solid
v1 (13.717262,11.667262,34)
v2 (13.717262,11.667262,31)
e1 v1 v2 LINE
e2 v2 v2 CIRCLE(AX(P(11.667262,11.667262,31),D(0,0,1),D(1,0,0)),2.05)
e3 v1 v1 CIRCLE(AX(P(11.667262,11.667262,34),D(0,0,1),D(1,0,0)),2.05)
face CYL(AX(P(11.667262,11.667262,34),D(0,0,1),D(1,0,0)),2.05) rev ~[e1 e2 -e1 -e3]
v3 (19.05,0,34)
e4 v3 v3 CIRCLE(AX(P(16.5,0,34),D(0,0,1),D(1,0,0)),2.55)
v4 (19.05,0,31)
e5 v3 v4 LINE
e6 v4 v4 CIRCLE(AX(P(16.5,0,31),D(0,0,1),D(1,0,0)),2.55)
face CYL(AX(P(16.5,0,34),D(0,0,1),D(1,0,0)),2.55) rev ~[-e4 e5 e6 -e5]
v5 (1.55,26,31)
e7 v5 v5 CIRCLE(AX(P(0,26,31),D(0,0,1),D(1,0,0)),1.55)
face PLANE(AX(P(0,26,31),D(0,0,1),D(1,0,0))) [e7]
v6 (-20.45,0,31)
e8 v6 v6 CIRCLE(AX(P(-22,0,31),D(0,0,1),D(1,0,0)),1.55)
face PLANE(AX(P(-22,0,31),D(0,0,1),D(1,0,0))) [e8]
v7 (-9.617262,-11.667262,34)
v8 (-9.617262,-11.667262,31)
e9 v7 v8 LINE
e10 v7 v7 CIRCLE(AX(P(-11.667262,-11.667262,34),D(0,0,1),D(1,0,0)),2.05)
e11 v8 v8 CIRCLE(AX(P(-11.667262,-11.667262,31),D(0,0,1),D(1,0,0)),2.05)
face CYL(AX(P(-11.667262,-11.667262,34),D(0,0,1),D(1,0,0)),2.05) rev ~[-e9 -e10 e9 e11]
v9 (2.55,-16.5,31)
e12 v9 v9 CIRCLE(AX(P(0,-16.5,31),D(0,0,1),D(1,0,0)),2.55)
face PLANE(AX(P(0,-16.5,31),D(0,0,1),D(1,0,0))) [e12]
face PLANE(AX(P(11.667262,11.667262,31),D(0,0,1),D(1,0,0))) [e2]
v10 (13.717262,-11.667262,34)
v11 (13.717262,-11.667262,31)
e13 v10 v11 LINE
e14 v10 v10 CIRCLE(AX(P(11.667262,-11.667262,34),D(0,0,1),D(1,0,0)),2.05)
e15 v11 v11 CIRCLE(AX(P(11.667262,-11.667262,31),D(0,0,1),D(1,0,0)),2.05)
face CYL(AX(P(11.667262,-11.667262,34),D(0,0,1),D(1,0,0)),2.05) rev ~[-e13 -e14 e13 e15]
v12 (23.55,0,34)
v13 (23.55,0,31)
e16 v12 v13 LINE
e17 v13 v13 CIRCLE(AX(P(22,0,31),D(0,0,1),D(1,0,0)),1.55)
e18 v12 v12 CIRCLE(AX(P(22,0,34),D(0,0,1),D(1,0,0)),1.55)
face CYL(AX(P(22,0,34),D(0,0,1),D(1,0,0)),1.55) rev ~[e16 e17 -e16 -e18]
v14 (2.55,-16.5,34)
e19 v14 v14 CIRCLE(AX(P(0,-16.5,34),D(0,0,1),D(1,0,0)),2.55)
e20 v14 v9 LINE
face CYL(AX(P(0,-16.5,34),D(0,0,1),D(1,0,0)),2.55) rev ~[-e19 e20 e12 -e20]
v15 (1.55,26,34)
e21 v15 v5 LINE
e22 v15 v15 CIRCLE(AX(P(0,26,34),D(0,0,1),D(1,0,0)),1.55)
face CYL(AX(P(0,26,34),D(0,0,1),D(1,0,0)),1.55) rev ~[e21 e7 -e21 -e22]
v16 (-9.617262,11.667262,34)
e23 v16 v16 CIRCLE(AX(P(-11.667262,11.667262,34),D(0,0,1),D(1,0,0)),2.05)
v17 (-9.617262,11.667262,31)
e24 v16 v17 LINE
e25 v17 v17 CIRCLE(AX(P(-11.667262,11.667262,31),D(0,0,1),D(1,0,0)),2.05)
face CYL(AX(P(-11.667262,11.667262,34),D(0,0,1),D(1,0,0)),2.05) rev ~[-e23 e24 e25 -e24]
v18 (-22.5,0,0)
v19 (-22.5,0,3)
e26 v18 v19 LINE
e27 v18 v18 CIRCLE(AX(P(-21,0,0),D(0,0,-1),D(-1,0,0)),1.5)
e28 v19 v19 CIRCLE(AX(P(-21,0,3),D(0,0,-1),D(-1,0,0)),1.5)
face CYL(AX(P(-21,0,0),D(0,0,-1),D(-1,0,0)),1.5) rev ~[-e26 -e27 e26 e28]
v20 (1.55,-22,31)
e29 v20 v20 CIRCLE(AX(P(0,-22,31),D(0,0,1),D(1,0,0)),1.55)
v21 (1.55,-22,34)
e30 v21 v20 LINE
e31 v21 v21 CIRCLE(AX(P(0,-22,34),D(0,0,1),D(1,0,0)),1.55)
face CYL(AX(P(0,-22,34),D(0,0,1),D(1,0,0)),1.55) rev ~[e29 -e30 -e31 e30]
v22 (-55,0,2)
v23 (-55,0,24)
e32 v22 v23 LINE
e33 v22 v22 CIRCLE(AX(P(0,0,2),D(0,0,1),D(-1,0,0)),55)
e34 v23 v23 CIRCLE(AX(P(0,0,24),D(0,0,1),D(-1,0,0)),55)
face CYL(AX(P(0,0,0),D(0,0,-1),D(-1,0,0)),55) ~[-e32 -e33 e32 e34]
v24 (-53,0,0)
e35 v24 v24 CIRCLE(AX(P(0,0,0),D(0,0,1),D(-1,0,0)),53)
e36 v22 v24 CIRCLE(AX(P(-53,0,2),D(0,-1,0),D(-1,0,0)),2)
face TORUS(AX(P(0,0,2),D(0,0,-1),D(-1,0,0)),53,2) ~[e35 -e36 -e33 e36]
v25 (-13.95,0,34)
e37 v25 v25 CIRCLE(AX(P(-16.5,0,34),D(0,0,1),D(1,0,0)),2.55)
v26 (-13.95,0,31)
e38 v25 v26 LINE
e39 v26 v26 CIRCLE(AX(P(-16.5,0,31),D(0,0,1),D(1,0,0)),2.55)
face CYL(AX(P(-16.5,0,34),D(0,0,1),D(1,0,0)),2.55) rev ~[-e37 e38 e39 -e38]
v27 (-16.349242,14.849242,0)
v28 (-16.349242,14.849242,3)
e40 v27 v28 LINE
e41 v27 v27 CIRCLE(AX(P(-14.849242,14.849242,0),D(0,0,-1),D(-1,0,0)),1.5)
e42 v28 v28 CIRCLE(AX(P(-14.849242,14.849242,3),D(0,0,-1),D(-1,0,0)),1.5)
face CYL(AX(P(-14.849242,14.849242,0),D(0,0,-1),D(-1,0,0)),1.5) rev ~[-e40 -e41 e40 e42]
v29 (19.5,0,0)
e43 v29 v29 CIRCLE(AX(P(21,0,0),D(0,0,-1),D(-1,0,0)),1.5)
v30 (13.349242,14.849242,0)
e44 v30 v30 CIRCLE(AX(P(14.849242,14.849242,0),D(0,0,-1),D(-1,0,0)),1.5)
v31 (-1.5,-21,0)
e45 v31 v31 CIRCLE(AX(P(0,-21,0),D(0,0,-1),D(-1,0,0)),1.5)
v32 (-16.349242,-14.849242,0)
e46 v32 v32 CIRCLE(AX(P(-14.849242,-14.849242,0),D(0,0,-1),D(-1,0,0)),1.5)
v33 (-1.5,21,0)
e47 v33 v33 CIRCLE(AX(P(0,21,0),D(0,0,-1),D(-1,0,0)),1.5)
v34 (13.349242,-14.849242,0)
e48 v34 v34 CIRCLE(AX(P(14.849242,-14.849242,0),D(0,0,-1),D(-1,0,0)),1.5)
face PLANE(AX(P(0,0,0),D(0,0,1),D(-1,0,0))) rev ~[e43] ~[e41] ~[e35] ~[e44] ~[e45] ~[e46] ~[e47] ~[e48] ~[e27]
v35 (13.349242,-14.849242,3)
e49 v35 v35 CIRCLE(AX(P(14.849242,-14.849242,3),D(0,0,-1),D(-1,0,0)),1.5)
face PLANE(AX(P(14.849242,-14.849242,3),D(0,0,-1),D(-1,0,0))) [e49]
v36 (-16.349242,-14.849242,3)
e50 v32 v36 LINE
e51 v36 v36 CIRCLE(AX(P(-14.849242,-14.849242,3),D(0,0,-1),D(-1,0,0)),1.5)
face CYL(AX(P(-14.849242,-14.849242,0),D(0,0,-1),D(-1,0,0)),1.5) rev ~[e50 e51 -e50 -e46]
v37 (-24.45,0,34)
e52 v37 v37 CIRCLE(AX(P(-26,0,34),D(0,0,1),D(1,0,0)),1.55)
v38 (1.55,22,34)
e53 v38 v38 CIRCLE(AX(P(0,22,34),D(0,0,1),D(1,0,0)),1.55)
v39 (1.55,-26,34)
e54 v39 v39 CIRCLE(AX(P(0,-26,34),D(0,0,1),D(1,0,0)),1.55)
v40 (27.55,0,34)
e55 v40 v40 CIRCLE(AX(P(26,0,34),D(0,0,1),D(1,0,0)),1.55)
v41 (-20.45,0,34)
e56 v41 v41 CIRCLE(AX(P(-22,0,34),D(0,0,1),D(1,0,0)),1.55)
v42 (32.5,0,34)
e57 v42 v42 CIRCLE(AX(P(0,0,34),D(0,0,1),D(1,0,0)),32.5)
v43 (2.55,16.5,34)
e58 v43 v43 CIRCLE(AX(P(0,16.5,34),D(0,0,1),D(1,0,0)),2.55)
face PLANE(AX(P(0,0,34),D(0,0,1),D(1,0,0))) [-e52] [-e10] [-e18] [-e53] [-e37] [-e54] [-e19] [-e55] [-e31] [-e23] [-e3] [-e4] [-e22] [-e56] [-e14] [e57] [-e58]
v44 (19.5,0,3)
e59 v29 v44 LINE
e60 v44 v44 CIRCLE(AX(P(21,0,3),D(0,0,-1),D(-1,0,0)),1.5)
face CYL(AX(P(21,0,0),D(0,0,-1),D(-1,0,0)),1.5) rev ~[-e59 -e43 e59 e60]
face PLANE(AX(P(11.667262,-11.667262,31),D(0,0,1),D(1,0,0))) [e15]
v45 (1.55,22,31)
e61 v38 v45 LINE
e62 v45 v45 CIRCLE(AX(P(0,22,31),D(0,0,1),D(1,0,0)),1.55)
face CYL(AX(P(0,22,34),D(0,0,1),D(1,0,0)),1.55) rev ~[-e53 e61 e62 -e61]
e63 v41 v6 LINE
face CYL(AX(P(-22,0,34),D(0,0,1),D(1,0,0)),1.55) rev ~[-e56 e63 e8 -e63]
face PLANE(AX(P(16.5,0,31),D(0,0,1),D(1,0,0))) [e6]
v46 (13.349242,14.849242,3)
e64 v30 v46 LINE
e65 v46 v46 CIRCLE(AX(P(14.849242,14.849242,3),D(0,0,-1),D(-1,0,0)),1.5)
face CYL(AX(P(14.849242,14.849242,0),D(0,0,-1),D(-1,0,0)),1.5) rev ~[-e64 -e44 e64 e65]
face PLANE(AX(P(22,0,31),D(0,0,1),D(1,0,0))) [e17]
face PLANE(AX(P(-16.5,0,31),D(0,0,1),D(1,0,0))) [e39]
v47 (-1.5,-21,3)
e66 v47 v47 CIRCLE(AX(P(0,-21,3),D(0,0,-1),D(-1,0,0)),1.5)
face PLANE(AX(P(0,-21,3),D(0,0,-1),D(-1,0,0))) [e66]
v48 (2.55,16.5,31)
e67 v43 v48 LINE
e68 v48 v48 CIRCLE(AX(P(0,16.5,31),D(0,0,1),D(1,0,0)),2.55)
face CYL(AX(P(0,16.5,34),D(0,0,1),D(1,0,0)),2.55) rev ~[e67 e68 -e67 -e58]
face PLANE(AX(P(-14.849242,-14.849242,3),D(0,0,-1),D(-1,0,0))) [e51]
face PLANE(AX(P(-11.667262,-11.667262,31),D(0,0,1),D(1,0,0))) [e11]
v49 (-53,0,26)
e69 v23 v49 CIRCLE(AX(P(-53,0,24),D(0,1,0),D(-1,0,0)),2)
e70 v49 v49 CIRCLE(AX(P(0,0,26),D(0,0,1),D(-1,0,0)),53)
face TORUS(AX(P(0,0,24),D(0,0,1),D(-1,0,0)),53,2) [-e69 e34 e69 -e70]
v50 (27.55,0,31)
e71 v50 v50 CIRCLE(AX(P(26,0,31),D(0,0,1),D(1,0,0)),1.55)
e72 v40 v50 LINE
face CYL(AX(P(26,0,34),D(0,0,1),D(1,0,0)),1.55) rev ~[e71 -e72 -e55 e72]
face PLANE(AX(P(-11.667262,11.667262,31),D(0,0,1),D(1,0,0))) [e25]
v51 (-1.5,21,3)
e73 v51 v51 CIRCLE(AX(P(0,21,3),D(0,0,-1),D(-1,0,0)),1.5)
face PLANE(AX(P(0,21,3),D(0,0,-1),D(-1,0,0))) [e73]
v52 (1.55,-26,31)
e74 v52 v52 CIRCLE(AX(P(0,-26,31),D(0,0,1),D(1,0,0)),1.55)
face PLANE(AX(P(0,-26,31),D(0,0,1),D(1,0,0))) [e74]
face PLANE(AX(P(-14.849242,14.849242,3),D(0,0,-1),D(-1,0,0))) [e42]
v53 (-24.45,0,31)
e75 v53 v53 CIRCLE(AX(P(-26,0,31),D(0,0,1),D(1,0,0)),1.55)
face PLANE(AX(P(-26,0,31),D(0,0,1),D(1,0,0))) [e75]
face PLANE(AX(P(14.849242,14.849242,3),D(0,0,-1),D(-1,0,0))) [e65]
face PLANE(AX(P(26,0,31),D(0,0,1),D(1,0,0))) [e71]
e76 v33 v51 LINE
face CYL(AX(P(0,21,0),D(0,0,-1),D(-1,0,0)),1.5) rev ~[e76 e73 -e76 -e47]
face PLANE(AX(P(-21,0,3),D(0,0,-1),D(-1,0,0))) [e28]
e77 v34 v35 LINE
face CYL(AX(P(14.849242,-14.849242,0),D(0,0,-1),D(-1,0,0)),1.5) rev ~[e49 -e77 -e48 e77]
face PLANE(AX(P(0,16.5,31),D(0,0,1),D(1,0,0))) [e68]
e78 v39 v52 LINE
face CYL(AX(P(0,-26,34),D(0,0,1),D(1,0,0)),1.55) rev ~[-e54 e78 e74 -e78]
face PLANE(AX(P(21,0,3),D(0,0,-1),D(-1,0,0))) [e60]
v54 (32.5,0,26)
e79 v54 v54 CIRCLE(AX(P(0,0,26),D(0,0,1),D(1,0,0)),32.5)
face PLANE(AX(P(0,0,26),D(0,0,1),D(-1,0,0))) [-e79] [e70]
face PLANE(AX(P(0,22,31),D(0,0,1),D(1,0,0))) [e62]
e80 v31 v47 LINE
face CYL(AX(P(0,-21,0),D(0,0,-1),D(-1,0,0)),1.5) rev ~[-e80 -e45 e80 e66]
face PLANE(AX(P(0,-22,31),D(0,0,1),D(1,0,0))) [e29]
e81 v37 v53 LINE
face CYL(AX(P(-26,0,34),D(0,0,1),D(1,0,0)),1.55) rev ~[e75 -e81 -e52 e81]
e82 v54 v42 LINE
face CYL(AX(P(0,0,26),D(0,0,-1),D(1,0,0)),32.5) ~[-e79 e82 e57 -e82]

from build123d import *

# Parameters (mm, degrees)
SKETCH1_R           = 55
BOSS_EXTRUDE1_DEPTH = 26
SKETCH2_R           = 1.5
CUT_EXTRUDE1_DEPTH  = 3
SKETCH3_R           = 32.5
BOSS_EXTRUDE2_DEPTH = 8
SKETCH4_R           = 2.55
SKETCH4_R_2         = 1.55
SKETCH4_R_3         = 2.05
CUT_EXTRUDE2_DEPTH  = 3
FILLET1_R           = 2


with BuildPart() as part:
    # Sketch1 → Boss-Extrude1 (new body)
    with BuildSketch(Plane.XY):
        with Locations(Location((0, 0, 0), (0, 0, 180))):
            Circle(SKETCH1_R)
    extrude(amount=BOSS_EXTRUDE1_DEPTH)

    # Sketch2 → Cut-Extrude1 (cut)
    with BuildSketch(Plane(origin=(0, 0, 0), x_dir=(-1, 0, 0), z_dir=(0, 0, -1))):
        with Locations((0, -21)):
            Circle(SKETCH2_R)
        with Locations((-14.849242405, -14.849242405)):
            Circle(SKETCH2_R)
        with Locations((-21, 0)):
            Circle(SKETCH2_R)
        with Locations((-14.849242405, 14.849242405)):
            Circle(SKETCH2_R)
        with Locations((0, 21)):
            Circle(SKETCH2_R)
        with Locations((14.849242405, 14.849242405)):
            Circle(SKETCH2_R)
        with Locations((21, 0)):
            Circle(SKETCH2_R)
        with Locations((14.849242405, -14.849242405)):
            Circle(SKETCH2_R)
    extrude(amount=-CUT_EXTRUDE1_DEPTH, mode=Mode.SUBTRACT)

    # Sketch3 → Boss-Extrude2 (add)
    with BuildSketch(Plane.XY.offset(26)):
        Circle(SKETCH3_R)
    extrude(amount=BOSS_EXTRUDE2_DEPTH)

    # Sketch4 → Cut-Extrude2 (cut)
    with BuildSketch(Plane.XY.offset(34)):
        with Locations((-16.5, 0)):
            Circle(SKETCH4_R)
        with Locations((0, -16.5)):
            Circle(SKETCH4_R)
        with Locations((16.5, 0)):
            Circle(SKETCH4_R)
        with Locations((0, 16.5)):
            Circle(SKETCH4_R)
        with Locations((0, 26)):
            Circle(SKETCH4_R_2)
        with Locations((0, 22)):
            Circle(SKETCH4_R_2)
        with Locations((-11.66726189, -11.66726189)):
            Circle(SKETCH4_R_3)
        with Locations((11.66726189, -11.66726189)):
            Circle(SKETCH4_R_3)
        with Locations((11.66726189, 11.66726189)):
            Circle(SKETCH4_R_3)
        with Locations((-11.66726189, 11.66726189)):
            Circle(SKETCH4_R_3)
        with Locations((-22, 0)):
            Circle(SKETCH4_R_2)
        with Locations((-26, 0)):
            Circle(SKETCH4_R_2)
        with Locations((0, -22)):
            Circle(SKETCH4_R_2)
        with Locations((0, -26)):
            Circle(SKETCH4_R_2)
        with Locations((22, 0)):
            Circle(SKETCH4_R_2)
        with Locations((26, 0)):
            Circle(SKETCH4_R_2)
    extrude(amount=-CUT_EXTRUDE2_DEPTH, mode=Mode.SUBTRACT)

    # Fillet1
    fillet1_edges = [part.edges().sort_by_distance(p)[0] for p in [
        (55, 0, 0),
        (55, 0, 26),
    ]]
    fillet(fillet1_edges, radius=FILLET1_R)


solid = part.part
